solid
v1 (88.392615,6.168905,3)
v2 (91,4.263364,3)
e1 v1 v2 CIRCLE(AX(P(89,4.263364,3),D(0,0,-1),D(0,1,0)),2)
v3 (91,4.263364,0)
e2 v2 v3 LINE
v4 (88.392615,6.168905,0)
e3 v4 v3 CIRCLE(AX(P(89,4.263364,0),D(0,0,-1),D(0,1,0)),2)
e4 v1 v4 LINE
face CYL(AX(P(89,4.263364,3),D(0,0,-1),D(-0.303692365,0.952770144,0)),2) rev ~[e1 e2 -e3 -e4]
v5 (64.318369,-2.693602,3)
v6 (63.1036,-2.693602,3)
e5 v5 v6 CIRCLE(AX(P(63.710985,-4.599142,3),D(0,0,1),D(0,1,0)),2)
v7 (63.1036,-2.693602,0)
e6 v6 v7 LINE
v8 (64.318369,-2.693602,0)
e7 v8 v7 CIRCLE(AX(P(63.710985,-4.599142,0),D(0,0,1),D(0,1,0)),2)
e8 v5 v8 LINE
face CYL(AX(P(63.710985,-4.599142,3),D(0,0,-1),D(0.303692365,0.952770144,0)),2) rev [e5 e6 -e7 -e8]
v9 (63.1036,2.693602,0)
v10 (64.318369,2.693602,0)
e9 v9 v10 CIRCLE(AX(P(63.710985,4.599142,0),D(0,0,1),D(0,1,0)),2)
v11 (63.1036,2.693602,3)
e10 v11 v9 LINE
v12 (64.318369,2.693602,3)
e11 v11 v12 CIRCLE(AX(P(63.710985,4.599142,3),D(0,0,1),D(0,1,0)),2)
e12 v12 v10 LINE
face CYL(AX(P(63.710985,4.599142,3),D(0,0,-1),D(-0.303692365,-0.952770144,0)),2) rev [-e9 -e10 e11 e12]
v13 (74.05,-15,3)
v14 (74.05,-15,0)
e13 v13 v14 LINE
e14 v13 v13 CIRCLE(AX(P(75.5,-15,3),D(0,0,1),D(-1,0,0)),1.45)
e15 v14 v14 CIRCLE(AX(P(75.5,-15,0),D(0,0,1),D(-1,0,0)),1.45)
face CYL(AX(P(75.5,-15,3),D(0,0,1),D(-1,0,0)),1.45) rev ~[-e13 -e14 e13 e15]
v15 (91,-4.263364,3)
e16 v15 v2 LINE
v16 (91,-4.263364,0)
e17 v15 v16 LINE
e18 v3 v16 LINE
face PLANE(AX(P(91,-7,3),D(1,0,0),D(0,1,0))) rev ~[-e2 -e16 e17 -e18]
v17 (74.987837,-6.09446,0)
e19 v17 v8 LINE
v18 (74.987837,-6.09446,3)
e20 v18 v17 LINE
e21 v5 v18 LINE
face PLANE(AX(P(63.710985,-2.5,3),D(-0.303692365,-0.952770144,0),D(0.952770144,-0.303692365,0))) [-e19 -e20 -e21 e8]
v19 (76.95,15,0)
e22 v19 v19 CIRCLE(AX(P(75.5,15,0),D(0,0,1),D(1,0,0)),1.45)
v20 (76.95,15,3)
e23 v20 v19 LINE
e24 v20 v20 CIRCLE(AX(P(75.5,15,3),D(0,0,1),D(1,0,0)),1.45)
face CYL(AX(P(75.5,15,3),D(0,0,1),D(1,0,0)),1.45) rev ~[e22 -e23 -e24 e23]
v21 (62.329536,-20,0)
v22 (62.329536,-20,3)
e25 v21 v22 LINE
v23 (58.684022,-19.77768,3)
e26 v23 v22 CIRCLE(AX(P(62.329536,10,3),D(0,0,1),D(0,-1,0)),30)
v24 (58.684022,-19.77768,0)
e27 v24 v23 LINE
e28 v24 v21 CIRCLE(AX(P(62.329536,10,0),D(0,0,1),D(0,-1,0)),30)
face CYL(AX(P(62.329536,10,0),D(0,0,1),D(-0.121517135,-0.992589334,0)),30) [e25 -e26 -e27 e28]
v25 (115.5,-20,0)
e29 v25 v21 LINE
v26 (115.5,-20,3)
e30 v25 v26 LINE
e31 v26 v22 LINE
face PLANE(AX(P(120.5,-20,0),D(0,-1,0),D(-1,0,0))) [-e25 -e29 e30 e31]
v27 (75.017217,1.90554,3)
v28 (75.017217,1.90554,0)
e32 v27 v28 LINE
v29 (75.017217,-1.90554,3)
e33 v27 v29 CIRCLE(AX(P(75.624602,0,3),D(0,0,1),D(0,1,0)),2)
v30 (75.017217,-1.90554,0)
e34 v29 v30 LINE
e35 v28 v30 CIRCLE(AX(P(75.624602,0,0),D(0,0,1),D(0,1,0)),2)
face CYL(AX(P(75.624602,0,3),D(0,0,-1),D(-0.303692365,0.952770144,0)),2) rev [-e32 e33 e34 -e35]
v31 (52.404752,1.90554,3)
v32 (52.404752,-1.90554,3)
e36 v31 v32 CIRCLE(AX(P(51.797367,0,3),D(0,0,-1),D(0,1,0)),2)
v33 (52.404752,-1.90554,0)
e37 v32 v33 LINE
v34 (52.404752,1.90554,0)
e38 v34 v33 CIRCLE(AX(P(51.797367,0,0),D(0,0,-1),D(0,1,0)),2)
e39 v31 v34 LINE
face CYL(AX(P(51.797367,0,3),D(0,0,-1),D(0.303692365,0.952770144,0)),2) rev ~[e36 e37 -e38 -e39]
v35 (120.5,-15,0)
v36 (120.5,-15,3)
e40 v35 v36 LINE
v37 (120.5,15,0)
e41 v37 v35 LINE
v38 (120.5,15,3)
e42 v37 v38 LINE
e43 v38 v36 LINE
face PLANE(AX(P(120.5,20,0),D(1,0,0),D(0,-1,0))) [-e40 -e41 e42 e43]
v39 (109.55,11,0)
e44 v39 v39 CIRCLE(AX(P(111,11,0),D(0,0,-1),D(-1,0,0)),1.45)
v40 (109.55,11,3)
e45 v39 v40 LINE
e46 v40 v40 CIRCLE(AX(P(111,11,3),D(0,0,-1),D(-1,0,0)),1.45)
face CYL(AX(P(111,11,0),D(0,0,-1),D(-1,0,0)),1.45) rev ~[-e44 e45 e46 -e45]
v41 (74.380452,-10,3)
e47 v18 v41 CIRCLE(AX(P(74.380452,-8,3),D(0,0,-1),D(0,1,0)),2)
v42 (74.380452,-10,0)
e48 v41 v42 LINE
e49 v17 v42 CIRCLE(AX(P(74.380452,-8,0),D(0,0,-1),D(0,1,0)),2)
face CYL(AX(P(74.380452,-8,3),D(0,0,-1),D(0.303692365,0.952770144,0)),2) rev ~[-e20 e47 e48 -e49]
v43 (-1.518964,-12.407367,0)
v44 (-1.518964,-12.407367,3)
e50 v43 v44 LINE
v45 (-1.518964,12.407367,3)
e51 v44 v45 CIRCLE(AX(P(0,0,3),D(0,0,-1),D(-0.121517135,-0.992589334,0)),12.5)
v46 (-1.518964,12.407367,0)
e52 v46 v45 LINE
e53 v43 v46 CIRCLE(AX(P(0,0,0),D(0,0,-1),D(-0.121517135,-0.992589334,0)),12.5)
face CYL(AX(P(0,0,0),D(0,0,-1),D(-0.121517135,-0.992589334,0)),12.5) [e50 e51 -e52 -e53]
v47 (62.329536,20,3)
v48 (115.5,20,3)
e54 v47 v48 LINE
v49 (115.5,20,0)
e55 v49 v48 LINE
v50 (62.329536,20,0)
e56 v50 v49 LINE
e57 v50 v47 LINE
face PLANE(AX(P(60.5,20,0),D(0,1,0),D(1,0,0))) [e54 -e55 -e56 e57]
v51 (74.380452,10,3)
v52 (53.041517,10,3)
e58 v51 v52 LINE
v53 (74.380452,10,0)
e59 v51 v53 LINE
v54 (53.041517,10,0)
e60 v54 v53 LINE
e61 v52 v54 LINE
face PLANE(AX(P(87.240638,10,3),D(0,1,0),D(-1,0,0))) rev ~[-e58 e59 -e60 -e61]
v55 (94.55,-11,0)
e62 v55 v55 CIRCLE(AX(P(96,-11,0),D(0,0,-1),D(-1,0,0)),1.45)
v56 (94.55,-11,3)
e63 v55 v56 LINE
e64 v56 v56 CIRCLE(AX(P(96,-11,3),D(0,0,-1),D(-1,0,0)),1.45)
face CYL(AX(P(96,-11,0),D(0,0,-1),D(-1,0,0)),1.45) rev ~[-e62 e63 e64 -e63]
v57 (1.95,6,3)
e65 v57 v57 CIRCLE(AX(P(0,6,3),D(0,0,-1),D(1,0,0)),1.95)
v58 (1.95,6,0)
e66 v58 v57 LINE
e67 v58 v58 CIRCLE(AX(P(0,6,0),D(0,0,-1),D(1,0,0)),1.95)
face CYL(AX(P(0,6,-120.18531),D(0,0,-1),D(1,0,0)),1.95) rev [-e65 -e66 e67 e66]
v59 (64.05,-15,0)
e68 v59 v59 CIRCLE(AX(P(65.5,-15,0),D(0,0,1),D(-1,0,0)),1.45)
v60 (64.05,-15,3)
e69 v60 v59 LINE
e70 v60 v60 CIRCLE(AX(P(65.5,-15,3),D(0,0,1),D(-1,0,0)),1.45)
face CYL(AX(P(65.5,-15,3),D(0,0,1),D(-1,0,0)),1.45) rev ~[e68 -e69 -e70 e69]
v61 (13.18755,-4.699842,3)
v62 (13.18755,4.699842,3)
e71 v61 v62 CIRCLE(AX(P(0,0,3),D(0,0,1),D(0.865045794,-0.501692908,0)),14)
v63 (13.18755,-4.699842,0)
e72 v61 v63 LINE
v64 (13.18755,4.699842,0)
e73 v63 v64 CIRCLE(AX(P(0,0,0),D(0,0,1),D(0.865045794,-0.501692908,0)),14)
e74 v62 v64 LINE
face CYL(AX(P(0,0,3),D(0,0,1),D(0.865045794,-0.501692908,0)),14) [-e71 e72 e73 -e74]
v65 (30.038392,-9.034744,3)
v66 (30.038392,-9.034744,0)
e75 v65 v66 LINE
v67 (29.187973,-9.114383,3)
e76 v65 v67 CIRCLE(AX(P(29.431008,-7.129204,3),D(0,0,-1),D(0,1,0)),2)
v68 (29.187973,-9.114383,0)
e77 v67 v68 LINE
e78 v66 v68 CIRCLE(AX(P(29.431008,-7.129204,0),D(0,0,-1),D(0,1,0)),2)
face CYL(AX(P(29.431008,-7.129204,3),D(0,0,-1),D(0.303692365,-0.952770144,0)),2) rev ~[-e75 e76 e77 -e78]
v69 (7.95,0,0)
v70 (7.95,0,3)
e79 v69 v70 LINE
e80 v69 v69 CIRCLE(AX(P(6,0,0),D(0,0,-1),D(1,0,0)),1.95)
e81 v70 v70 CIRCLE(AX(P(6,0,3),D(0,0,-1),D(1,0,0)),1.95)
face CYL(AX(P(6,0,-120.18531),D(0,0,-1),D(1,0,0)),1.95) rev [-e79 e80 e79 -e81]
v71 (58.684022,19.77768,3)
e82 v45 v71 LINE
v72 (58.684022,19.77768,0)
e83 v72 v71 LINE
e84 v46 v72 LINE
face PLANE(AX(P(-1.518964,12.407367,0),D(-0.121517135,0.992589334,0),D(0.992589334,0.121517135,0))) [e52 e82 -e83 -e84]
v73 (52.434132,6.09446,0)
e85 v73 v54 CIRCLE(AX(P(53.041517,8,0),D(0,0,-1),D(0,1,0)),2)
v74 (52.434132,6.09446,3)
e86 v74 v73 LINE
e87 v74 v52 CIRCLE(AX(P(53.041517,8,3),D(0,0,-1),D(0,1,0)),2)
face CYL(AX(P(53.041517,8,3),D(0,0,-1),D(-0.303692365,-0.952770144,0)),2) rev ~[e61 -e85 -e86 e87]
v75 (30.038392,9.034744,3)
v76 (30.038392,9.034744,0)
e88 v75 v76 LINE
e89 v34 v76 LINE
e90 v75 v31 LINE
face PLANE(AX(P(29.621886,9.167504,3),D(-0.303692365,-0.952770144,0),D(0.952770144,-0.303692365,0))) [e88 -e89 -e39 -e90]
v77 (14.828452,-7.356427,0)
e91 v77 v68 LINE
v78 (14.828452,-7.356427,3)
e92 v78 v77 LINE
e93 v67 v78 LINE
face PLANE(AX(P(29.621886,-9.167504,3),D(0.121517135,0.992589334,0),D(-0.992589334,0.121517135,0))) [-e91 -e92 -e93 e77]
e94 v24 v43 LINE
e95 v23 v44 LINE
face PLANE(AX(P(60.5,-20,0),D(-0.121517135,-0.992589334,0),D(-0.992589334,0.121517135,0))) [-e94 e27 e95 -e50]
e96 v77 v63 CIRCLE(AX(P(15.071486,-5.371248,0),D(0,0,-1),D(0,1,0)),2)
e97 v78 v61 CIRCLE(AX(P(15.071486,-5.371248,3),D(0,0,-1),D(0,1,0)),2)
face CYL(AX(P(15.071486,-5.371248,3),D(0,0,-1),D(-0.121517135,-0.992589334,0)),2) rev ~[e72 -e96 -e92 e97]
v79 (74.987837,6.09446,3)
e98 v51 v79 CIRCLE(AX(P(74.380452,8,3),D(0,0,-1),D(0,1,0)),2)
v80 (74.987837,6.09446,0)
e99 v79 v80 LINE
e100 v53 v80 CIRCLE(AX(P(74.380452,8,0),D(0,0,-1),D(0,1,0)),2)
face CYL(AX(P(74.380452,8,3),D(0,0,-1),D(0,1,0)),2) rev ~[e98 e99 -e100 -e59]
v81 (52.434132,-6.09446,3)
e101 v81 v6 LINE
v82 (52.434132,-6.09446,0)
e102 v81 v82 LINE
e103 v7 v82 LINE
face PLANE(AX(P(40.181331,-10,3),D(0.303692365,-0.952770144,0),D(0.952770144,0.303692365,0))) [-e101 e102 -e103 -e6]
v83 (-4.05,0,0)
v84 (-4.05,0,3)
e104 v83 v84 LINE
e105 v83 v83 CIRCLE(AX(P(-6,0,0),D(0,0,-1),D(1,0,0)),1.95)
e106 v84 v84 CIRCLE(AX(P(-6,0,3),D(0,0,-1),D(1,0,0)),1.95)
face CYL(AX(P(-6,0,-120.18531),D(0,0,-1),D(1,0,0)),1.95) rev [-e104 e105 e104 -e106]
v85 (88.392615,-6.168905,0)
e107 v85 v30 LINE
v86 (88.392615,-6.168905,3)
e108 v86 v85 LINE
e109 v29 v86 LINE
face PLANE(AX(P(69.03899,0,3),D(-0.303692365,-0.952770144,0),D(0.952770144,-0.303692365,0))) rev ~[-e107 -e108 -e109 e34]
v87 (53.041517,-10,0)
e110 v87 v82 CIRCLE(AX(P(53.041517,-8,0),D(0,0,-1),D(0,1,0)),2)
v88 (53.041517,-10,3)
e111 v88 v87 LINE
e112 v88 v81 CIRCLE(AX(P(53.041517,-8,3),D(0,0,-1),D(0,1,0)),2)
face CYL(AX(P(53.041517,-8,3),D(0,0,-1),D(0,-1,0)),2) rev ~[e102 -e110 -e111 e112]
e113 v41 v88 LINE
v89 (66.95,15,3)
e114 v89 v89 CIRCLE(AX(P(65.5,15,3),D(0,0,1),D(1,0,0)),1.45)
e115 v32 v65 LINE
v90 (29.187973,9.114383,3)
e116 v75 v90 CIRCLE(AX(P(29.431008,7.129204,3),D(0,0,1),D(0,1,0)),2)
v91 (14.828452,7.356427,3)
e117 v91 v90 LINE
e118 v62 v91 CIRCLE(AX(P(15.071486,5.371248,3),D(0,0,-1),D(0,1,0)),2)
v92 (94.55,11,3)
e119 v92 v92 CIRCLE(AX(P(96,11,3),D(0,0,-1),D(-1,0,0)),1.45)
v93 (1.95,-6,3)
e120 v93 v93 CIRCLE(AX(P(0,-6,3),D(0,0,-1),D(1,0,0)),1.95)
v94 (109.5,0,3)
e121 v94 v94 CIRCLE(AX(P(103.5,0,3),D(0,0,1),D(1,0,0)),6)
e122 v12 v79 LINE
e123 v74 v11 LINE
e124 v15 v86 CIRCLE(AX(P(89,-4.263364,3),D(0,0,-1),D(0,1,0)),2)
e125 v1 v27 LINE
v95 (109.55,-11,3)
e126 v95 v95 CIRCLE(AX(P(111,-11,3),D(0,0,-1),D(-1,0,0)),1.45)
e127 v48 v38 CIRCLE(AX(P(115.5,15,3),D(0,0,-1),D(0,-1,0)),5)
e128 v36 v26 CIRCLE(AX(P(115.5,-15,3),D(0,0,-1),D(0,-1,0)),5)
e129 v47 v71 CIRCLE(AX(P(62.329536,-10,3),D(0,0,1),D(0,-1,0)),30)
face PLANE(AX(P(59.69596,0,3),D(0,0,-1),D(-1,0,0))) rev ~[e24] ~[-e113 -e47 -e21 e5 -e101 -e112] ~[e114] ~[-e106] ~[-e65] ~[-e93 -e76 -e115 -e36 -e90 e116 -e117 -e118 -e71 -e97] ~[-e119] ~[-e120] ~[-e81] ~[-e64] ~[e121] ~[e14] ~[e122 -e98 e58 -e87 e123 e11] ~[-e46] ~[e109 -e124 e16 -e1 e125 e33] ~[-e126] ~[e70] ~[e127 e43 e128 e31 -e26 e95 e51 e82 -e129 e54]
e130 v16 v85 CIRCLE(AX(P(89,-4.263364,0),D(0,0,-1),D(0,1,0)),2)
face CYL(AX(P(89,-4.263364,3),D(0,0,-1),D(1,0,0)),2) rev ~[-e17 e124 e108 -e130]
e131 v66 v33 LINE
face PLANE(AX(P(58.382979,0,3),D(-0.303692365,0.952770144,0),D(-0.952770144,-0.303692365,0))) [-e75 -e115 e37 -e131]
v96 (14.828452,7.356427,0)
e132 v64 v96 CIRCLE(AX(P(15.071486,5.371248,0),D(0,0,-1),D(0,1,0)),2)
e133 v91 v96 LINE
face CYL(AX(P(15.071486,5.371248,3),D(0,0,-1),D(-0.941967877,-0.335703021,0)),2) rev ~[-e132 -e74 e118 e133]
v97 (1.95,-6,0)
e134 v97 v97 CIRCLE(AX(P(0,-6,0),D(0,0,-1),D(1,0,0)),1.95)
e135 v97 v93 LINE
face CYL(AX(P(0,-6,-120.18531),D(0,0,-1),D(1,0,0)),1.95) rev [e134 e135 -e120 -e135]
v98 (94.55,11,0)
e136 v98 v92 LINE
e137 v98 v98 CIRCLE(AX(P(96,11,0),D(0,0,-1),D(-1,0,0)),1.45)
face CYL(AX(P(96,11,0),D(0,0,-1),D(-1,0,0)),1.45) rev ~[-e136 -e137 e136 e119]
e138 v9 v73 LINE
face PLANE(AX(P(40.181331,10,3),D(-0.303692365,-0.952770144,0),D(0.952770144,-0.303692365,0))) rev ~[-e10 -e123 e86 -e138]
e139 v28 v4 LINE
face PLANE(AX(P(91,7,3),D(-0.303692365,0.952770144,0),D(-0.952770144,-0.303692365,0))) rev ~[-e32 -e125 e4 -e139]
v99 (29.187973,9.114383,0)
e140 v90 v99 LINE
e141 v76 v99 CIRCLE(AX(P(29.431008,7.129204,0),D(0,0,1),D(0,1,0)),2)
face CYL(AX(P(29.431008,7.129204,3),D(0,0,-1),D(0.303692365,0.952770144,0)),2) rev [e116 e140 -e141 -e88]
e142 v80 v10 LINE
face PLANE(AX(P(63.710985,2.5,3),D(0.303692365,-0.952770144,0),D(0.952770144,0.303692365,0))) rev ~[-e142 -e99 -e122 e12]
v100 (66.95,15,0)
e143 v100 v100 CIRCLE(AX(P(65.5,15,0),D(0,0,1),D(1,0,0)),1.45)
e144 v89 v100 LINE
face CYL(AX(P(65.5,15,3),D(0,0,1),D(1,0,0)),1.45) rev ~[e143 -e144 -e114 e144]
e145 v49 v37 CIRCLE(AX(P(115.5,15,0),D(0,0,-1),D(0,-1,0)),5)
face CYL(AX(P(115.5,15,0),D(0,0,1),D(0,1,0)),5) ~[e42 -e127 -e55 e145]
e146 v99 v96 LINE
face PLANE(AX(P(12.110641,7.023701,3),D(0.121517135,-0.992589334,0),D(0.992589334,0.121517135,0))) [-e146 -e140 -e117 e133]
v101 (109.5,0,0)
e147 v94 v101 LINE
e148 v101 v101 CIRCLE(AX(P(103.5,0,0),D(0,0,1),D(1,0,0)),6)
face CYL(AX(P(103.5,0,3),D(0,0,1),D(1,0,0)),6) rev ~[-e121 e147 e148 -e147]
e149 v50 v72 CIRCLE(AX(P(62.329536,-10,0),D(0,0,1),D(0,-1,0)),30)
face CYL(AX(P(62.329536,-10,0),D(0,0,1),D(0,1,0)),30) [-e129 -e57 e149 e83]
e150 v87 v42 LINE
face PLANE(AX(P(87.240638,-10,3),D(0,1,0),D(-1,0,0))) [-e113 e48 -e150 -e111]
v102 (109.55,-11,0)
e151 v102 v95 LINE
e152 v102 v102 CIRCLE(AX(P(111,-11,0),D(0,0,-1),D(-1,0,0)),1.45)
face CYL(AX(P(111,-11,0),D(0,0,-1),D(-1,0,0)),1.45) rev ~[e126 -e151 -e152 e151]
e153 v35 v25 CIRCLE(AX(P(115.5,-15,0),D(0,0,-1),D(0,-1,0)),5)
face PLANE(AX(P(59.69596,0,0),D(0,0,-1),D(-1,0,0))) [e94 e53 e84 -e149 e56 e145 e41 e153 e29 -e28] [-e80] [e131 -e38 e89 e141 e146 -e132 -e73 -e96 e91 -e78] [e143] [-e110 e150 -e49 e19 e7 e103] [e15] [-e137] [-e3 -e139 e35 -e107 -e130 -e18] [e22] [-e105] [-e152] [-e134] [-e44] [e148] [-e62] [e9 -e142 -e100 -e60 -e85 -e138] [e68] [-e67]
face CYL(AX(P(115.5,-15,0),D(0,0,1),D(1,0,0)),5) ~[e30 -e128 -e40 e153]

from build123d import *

# Parameters (mm, degrees)
EXTRUDE_1_DEPTH          = 3
CUT_EXTRUDE_1_DEPTH      = 123.185310083
CUT_EXTRUDE_1_DEPTH_BACK = 123.185310083
SKETCH_2_R               = 1.95
FILLET_1_R               = 5
SKETCH_3_R               = 1.45
CUT_EXTRUDE_2_DEPTH      = 123.185310083
SKETCH_4_R               = 1.45
CUT_EXTRUDE_3_DEPTH      = 123.185310083
FILLET_2_R               = 30
SKETCH_6_R               = 6
CUT_EXTRUDE_4_DEPTH      = 123.185310083
FILLET_3_R               = 2


with BuildPart() as part:
    # 草图1 → 凸台-拉伸1 (new body)
    with BuildSketch(Plane.XY):
        with BuildLine():
            Line((60.5, 20), (120.5, 20))
            Line((120.5, 20), (120.5, -20))
            Line((120.5, -20), (60.5, -20))
            Line((60.5, -20), (-1.51896419, -12.407366674))
            ThreePointArc((-1.51896419, -12.407366674), (-12.5, 0), (-1.51896419, 12.407366674))
            Line((-1.51896419, 12.407366674), (60.5, 20))
        make_face()
    extrude(amount=EXTRUDE_1_DEPTH)

    # 草图2 → 切除-拉伸1 (cut, two sides: drawn at the far end of the back side and taken through both)
    with BuildSketch(Plane.XY.offset(3).offset(-CUT_EXTRUDE_1_DEPTH_BACK)):
        with Locations((0, 6)):
            Circle(SKETCH_2_R)
        with Locations((6, 0)):
            Circle(SKETCH_2_R)
        with Locations((0, -6)):
            Circle(SKETCH_2_R)
        with Locations((-6, 0)):
            Circle(SKETCH_2_R)
    extrude(amount=CUT_EXTRUDE_1_DEPTH + CUT_EXTRUDE_1_DEPTH_BACK, mode=Mode.SUBTRACT)

    # 圆角1
    fillet_1_edges = [part.edges().sort_by_distance(p)[0] for p in [
        (120.5, 20, 1.5),
        (120.5, -20, 1.5),
    ]]
    fillet(fillet_1_edges, radius=FILLET_1_R)

    # 草图3 → 切除-拉伸2 (cut, through all)
    with BuildSketch(Plane(origin=(0, 0, 0), x_dir=(-1, 0, 0), z_dir=(0, 0, -1))):
        with Locations((-111, -11)):
            Circle(SKETCH_3_R)
        with Locations((-111, 11)):
            Circle(SKETCH_3_R)
        with Locations((-96, 11)):
            Circle(SKETCH_3_R)
        with Locations((-96, -11)):
            Circle(SKETCH_3_R)
    extrude(amount=-CUT_EXTRUDE_2_DEPTH, mode=Mode.SUBTRACT)

    # 草图4 → 切除-拉伸3 (cut, through all)
    with BuildSketch(Plane.XY.offset(3)):
        with Locations((75.5, 15)):
            Circle(SKETCH_4_R)
        with Locations((65.5, 15)):
            Circle(SKETCH_4_R)
        with Locations(Location((65.5, -15, 0), (0, 0, 180))):
            Circle(SKETCH_4_R)
        with Locations(Location((75.5, -15, 0), (0, 0, 180))):
            Circle(SKETCH_4_R)
    extrude(amount=-CUT_EXTRUDE_3_DEPTH, mode=Mode.SUBTRACT)

    # 圆角2
    fillet_2_edges = [part.edges().sort_by_distance(p)[0] for p in [
        (60.5, 20, 1.5),
        (60.5, -20, 1.5),
    ]]
    fillet(fillet_2_edges, radius=FILLET_2_R)

    # 草图6 → 切除-拉伸4 (cut, through all)
    with BuildSketch(Plane.XY.offset(3)):
        with Locations((103.5, 0)):
            Circle(SKETCH_6_R)
        with BuildLine():
            Line((12.110641117, 7.023700714), (29.621886423, 9.167504088))
            Line((29.621886423, 9.167504088), (58.382978877, 0))
            Line((58.382978877, 0), (29.621886423, -9.167504088))
            Line((29.621886423, -9.167504088), (12.110641117, -7.023700714))
            ThreePointArc((12.110641117, -7.023700714), (14, 0), (12.110641117, 7.023700714))
        make_face()
        Polygon((40.181331173, -10), (63.710984536, -2.5), (87.240637899, -10), align=None)
        Polygon((40.181331173, 10), (63.710984536, 2.5), (87.240637899, 10), align=None)
        Polygon((91, 7), (69.038990194, 0), (91, -7), align=None)
    extrude(amount=-CUT_EXTRUDE_4_DEPTH, mode=Mode.SUBTRACT)

    # 圆角3
    fillet_3_edges = [part.edges().sort_by_distance(p)[0] for p in [
        (40.181331173, 10, 1.5),
        (87.240637899, 10, 1.5),
        (63.710984536, 2.5, 1.5),
        (91, 7, 1.5),
        (91, -7, 1.5),
        (69.038990194, 0, 1.5),
        (87.240637899, -10, 1.5),
        (40.181331173, -10, 1.5),
        (63.710984536, -2.5, 1.5),
        (12.110641117, -7.023700714, 1.5),
        (12.110641117, 7.023700714, 1.5),
        (29.621886423, 9.167504088, 1.5),
        (58.382978877, 0, 1.5),
        (29.621886423, -9.167504088, 1.5),
    ]]
    fillet(fillet_3_edges, radius=FILLET_3_R)


solid = part.part
